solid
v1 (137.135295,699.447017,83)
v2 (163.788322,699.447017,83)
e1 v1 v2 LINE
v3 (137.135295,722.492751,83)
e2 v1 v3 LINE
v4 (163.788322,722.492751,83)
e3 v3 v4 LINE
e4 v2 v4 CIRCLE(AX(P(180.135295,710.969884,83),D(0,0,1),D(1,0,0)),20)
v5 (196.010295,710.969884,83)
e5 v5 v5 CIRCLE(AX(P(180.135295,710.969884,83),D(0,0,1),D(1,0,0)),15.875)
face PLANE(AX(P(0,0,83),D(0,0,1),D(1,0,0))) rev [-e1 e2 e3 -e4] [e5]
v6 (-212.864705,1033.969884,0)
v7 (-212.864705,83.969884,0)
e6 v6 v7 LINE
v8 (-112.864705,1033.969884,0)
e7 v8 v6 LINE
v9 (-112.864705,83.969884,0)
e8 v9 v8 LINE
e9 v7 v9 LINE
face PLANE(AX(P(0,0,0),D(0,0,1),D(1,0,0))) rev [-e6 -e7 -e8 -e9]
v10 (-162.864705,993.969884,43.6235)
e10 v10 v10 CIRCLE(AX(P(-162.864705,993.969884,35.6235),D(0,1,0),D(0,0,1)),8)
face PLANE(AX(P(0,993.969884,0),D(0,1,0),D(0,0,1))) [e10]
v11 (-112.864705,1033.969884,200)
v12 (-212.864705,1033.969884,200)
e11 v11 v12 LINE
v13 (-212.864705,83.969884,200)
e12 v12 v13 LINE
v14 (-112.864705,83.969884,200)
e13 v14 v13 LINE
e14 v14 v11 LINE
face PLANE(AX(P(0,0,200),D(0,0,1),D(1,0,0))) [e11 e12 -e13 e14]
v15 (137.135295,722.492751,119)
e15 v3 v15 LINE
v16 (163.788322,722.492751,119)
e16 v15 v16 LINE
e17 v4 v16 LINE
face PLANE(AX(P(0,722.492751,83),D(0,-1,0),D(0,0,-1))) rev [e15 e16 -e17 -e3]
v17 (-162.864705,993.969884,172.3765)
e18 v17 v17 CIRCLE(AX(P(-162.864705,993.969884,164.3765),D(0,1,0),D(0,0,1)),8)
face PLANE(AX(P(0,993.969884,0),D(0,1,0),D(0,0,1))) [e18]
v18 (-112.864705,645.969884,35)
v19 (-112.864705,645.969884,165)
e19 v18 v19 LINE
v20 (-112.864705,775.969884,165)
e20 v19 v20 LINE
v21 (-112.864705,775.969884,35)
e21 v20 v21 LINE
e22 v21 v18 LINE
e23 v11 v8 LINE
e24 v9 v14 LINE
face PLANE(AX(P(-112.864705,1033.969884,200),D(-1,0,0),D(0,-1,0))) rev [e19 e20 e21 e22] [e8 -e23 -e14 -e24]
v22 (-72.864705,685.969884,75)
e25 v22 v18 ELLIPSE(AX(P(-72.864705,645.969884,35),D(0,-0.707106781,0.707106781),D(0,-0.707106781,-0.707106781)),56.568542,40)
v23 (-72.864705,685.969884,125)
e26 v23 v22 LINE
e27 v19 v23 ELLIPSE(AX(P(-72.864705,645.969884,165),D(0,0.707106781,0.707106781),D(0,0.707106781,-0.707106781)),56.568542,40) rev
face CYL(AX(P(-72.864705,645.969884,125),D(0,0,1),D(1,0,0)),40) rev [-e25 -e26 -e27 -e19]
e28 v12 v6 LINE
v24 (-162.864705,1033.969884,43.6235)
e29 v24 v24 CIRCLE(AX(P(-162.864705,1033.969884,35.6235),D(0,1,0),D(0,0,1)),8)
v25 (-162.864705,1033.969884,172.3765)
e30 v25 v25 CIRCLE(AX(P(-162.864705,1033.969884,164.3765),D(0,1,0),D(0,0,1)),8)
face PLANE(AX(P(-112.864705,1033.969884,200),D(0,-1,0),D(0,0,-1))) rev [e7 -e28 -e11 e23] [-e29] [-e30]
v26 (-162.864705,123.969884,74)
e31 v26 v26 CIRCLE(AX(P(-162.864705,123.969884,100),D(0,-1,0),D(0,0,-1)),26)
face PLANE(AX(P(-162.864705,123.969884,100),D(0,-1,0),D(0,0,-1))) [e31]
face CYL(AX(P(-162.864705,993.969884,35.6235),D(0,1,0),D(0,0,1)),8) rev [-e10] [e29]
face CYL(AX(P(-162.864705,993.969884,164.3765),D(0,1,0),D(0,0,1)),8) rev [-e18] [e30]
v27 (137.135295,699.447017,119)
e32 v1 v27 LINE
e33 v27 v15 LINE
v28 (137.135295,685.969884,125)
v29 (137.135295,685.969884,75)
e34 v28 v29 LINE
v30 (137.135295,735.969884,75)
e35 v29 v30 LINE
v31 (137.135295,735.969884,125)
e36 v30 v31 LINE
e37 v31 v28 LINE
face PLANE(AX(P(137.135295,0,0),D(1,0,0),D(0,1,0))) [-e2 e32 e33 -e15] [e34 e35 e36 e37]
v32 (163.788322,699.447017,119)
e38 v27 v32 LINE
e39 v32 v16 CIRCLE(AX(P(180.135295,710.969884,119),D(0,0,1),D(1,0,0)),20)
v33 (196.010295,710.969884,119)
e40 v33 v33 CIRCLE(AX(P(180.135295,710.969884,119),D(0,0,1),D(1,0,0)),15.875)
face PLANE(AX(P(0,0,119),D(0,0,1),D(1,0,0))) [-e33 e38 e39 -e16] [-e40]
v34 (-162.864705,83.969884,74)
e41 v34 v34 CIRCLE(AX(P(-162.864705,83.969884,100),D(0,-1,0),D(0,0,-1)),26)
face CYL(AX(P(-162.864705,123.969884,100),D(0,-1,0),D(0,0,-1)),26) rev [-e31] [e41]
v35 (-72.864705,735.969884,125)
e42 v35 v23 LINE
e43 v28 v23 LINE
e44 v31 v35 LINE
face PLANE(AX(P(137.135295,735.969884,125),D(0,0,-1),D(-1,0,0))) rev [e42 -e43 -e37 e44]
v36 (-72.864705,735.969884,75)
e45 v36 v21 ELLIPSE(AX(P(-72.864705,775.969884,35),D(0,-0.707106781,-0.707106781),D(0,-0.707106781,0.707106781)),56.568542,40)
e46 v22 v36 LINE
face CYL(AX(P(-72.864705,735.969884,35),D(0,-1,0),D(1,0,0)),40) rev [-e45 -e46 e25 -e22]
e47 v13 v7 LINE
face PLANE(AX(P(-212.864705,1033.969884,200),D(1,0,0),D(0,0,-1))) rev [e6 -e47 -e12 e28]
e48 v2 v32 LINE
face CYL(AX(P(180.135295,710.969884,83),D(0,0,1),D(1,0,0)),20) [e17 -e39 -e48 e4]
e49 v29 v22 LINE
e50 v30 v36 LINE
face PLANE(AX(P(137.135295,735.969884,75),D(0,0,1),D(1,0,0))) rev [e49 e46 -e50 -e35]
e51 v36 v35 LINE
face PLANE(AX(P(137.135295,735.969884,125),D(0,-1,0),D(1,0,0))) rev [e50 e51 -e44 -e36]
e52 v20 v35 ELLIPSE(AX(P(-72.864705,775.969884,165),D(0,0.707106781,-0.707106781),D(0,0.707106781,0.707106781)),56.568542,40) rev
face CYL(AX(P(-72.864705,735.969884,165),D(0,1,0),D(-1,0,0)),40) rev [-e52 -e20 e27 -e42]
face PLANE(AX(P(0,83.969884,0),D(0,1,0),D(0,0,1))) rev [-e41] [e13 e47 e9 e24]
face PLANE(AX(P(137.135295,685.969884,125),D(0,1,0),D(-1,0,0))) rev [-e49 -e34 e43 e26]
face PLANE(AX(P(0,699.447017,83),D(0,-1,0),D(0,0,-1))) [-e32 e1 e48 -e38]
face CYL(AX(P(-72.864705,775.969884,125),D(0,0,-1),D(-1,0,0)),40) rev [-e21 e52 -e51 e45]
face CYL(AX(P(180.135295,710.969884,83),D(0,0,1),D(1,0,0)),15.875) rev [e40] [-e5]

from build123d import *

# Parameters (mm, degrees)
SKETCH1_W           = 100
SKETCH1_H           = 1100
BOSS_EXTRUDE1_DEPTH = 200
SKETCH3_W           = 50
SKETCH3_H           = 50
BOSS_EXTRUDE2_DEPTH = 250
FILLET1_R           = 40
BOSS_EXTRUDE3_START = -6
SKETCH4_R           = 15.875
BOSS_EXTRUDE3_DEPTH = 36
SKETCH5_R           = 26
CUT_EXTRUDE1_DEPTH  = 20
SKETCH6_W           = 100
SKETCH6_H           = 200
CUT_EXTRUDE2_DEPTH  = 150
SKETCH7_R           = 26
CUT_EXTRUDE3_DEPTH  = 40
CUT_EXTRUDE5_DEPTH  = 40
CUT_EXTRUDE6_DEPTH  = 40


with BuildPart() as part:
    # Sketch1 → Boss-Extrude1 (new body)
    with BuildSketch(Plane.XY):
        with Locations((-162.86470473, 483.969884115)):
            Rectangle(SKETCH1_W, SKETCH1_H)
    extrude(amount=BOSS_EXTRUDE1_DEPTH)

    # Sketch3 → Boss-Extrude2 (add)
    with BuildSketch(Plane(origin=(-112.86470473, 0, 0), x_dir=(0, 0, -1), z_dir=(1, 0, 0))):
        with Locations((-100, 710.969884115)):
            Rectangle(SKETCH3_W, SKETCH3_H)
    extrude(amount=BOSS_EXTRUDE2_DEPTH)

    # Fillet1
    fillet1_edges = [part.edges().sort_by_distance(p)[0] for p in [
        (-112.86470473, 735.969884115, 100),
        (-112.86470473, 685.969884115, 100),
        (-112.86470473, 710.969884115, 75),
        (-112.86470473, 710.969884115, 125),
    ]]
    fillet(fillet1_edges, radius=FILLET1_R)

    # Sketch4 → Boss-Extrude3 (add)
    with BuildSketch(Plane.XY.offset(125).offset(BOSS_EXTRUDE3_START)):
        with BuildLine():
            Line((137.13529527, 722.492751407), (137.13529527, 699.447016824))
            Line((137.13529527, 699.447016824), (163.788322175, 699.447016824))
            ThreePointArc((163.788322175, 699.447016824), (200.13529527, 710.969884115), (163.788322175, 722.492751407))
            Line((163.788322175, 722.492751407), (137.13529527, 722.492751407))
        make_face()
        with Locations((180.13529527, 710.969884115)):
            Circle(SKETCH4_R, mode=Mode.SUBTRACT)
    extrude(amount=-BOSS_EXTRUDE3_DEPTH)

    # Sketch5 → Cut-Extrude1 (cut)
    with BuildSketch(Plane.XZ.offset(66.030115885)):
        with Locations((-162.86470473, 100)):
            Circle(SKETCH5_R)
    extrude(amount=-CUT_EXTRUDE1_DEPTH, mode=Mode.SUBTRACT)

    # Sketch6 → Cut-Extrude2 (cut)
    with BuildSketch(Plane.XZ.offset(66.030115885)):
        with Locations((-162.86470473, 100)):
            Rectangle(SKETCH6_W, SKETCH6_H)
    extrude(amount=-CUT_EXTRUDE2_DEPTH, mode=Mode.SUBTRACT)

    # Sketch7 → Cut-Extrude3 (cut)
    with BuildSketch(Plane.XZ.offset(-83.969884115)):
        with Locations((-162.86470473, 100)):
            Circle(SKETCH7_R)
    extrude(amount=-CUT_EXTRUDE3_DEPTH, mode=Mode.SUBTRACT)

    # Sketch9 → Cut-Extrude5 (cut)
    with BuildSketch(Plane(origin=(0, 1033.969884115, 0), x_dir=(1, 0, 0), z_dir=(0, 1, 0))):
        with BuildLine():
            ThreePointArc((-154.86470473, -164.3765), (-157.20785048, -158.719645751), (-162.86470473, -156.3765))
            ThreePointArc((-162.86470473, -156.3765), (-168.521558979, -170.033354249), (-154.86470473, -164.3765))
        make_face()
    extrude(amount=-CUT_EXTRUDE5_DEPTH, mode=Mode.SUBTRACT)

    # Sketch9<4> → Cut-Extrude6 (cut)
    with BuildSketch(Plane(origin=(0, 1033.969884115, 0), x_dir=(1, 0, 0), z_dir=(0, 1, 0))):
        with BuildLine():
            ThreePointArc((-154.86470473, -35.6235), (-168.521558979, -29.966645751), (-162.86470473, -43.6235))
            ThreePointArc((-162.86470473, -43.6235), (-157.20785048, -41.280354249), (-154.86470473, -35.6235))
        make_face()
    extrude(amount=-CUT_EXTRUDE6_DEPTH, mode=Mode.SUBTRACT)


solid = part.part
